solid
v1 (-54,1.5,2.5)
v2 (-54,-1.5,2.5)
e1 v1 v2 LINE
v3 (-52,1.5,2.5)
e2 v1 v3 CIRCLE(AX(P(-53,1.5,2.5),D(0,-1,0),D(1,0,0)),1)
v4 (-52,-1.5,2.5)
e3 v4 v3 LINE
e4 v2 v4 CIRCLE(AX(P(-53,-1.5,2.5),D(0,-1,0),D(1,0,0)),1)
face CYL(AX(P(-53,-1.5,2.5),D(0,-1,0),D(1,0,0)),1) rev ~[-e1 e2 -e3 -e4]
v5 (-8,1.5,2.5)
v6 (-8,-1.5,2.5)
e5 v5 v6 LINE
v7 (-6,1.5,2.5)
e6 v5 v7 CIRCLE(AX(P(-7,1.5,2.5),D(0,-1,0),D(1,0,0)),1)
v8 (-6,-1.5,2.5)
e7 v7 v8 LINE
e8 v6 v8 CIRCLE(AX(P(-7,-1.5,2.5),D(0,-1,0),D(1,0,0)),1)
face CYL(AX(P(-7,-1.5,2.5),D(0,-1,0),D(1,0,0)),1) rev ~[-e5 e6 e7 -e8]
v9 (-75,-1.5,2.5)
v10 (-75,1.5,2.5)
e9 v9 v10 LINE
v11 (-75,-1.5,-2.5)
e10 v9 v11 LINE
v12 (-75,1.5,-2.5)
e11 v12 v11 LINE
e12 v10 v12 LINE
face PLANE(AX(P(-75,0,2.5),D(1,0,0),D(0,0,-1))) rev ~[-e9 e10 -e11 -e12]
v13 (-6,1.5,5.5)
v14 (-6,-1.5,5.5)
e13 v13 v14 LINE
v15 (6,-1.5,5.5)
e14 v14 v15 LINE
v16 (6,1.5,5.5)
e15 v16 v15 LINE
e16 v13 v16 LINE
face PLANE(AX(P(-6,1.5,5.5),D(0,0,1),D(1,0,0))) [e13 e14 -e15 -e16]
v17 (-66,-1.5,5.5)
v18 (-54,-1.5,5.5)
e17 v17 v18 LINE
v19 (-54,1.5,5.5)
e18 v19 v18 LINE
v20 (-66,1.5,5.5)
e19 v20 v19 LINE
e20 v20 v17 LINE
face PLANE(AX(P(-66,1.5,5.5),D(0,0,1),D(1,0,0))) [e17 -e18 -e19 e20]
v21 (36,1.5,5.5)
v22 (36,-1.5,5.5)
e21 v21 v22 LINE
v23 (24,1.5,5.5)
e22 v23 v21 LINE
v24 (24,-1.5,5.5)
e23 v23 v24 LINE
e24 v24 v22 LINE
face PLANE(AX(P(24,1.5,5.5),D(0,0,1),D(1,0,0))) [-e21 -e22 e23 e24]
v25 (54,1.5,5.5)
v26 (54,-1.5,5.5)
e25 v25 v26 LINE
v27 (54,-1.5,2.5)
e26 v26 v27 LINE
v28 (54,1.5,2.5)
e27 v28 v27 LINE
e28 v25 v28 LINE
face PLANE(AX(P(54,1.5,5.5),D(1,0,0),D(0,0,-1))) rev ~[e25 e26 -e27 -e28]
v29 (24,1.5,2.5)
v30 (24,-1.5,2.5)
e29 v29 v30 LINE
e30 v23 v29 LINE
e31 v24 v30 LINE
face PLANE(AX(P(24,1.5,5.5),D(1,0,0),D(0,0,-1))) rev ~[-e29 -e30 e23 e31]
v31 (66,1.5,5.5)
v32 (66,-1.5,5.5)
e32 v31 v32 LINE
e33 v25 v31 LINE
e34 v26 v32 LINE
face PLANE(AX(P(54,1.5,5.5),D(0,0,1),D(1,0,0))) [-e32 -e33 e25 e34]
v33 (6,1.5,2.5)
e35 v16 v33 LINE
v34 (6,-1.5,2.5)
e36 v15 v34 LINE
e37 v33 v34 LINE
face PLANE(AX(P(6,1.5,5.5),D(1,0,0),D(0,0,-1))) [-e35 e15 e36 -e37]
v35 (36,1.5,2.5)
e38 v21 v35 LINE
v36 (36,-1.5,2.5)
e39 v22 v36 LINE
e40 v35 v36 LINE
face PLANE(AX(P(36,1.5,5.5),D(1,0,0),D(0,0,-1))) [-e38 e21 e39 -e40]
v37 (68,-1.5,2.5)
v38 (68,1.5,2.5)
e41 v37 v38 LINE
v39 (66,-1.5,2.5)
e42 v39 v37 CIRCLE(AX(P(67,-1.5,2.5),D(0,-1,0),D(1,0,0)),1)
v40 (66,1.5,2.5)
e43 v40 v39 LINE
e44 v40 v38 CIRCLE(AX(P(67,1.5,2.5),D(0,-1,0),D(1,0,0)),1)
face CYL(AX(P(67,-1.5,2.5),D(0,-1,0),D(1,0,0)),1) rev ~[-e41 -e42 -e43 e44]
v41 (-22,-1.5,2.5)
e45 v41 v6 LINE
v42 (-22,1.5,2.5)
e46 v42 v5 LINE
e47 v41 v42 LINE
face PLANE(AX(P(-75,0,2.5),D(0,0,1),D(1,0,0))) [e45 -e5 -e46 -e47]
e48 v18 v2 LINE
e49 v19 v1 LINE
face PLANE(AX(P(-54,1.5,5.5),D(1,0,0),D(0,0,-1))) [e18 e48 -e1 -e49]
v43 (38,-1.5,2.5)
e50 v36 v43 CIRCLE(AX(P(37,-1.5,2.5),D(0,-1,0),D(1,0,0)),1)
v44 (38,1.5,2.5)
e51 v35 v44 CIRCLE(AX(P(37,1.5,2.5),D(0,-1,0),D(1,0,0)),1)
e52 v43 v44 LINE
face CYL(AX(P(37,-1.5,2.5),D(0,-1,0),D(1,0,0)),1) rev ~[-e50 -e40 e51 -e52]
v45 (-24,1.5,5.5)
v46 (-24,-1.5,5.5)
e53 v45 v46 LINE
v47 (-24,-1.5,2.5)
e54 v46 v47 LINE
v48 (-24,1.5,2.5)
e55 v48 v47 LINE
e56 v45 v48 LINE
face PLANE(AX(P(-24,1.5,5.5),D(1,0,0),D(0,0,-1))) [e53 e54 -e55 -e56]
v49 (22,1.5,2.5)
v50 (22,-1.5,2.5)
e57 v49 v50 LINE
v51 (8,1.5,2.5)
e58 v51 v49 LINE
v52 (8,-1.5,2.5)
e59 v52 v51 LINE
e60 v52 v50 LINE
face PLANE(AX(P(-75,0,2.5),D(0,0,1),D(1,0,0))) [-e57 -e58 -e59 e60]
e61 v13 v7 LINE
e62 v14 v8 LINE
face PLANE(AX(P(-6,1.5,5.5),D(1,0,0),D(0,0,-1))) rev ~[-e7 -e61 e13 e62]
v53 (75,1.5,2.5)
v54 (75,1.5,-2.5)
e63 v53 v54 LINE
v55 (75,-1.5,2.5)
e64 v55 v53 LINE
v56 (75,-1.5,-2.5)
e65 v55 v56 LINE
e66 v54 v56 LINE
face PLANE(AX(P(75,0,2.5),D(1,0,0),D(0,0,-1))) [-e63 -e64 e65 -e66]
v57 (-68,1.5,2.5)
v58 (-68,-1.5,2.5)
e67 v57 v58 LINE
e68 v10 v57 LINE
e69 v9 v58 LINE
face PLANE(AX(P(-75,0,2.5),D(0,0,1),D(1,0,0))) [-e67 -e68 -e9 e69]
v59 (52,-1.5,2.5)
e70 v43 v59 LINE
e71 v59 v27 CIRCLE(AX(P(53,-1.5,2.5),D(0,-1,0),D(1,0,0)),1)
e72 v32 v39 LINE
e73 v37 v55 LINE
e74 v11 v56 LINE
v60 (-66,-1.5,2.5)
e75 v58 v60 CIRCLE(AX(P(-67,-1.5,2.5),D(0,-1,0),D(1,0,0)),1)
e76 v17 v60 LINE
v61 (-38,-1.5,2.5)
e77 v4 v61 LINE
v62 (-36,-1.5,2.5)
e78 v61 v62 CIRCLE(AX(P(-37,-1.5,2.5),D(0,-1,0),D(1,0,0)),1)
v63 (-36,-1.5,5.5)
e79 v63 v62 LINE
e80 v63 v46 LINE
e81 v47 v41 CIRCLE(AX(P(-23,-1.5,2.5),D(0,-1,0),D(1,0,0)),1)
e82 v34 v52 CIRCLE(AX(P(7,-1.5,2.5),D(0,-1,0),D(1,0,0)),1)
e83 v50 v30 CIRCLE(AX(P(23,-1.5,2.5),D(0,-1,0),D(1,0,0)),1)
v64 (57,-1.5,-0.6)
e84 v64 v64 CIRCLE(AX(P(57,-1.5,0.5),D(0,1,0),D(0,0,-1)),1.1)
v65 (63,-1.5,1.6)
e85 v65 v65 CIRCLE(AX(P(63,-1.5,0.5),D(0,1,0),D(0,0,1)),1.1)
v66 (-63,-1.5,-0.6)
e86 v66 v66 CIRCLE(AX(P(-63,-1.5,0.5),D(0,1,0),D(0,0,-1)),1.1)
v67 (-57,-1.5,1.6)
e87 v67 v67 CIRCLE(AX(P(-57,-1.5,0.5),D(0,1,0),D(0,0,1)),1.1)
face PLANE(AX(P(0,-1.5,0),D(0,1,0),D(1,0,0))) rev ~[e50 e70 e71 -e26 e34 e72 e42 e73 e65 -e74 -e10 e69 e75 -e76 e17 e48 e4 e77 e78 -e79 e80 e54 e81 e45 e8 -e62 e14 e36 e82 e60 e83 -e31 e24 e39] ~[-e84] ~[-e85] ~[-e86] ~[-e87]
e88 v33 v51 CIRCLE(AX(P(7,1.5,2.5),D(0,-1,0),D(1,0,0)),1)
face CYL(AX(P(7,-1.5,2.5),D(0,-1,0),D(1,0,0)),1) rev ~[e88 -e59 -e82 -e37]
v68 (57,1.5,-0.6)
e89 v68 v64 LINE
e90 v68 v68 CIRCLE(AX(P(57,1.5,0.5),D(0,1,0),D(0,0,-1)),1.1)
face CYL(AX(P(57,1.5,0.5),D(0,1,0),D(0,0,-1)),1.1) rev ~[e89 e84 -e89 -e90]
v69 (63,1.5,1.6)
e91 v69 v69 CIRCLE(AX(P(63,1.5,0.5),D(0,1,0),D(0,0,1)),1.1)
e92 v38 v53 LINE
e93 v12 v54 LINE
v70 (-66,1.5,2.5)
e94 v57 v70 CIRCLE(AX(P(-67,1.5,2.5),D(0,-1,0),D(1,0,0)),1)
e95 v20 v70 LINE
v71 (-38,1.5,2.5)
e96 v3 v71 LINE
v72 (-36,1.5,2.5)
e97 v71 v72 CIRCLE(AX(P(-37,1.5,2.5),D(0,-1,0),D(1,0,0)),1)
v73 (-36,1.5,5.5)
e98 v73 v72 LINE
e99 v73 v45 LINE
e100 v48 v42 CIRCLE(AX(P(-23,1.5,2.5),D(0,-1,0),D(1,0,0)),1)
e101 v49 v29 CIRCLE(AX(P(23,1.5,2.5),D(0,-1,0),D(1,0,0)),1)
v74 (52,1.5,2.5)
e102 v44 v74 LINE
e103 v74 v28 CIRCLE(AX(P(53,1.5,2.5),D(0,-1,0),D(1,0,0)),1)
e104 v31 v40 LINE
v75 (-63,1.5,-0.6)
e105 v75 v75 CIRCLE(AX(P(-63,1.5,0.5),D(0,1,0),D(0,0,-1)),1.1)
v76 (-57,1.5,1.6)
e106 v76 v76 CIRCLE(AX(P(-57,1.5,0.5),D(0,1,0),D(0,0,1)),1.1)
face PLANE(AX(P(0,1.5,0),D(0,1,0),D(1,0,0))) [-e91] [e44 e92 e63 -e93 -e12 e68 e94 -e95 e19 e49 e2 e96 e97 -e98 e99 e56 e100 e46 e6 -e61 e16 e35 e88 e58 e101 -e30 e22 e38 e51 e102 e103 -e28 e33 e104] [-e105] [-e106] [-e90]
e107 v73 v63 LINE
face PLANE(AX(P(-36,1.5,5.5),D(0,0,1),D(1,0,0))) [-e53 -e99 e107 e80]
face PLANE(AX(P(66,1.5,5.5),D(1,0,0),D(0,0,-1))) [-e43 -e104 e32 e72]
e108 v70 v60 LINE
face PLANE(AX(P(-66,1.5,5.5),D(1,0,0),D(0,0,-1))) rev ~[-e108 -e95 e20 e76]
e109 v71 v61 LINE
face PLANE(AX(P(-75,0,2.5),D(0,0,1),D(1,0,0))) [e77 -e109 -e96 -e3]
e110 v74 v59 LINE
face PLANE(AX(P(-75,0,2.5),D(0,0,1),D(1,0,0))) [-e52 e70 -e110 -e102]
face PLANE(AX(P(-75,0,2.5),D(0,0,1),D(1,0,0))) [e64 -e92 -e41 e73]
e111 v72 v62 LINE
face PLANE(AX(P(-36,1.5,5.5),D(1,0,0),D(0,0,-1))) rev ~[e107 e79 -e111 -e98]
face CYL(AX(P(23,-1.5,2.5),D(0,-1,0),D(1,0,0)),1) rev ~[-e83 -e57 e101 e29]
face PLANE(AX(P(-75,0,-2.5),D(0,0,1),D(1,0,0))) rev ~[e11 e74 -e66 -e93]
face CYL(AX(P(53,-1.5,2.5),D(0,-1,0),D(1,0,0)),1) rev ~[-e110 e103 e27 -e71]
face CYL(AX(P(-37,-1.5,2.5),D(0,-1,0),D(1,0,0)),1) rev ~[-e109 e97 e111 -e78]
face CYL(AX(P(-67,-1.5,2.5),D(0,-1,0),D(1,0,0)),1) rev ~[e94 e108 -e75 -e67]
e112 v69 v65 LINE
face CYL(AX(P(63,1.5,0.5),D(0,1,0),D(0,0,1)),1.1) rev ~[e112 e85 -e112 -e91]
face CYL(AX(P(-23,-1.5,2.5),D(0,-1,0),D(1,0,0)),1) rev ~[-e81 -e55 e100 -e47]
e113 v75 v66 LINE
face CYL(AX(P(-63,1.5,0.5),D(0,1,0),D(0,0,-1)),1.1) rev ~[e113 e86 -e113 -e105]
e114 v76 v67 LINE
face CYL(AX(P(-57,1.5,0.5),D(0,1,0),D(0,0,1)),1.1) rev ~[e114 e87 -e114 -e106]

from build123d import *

# Parameters (mm, degrees)
SKETCH_1_W          = 150
SKETCH_1_H          = 5
EXTRUDE_1_DEPTH     = 1.5
SKETCH_2_W          = 12
SKETCH_2_H          = 3
EXTRUDE_2_DEPTH     = 3
SKETCH_3_R          = 1
CUT_EXTRUDE_1_DEPTH = 76.261211789
SKETCH_4_R          = 1.1
CUT_EXTRUDE_2_DEPTH = 76.261211789


with BuildPart() as part:
    # 草图1 → 凸台-拉伸1 (new, symmetric)
    with BuildSketch(Plane(origin=(0, 0, 0), x_dir=(1, 0, 0), z_dir=(0, 1, 0))):
        Rectangle(SKETCH_1_W, SKETCH_1_H)
    extrude(amount=EXTRUDE_1_DEPTH, both=True)

    # 草图2 → 凸台-拉伸2 (add)
    with BuildSketch(Plane(origin=(0, 1.5, 0), x_dir=(1, 0, 0), z_dir=(0, 1, 0))):
        with Locations((-60, -4)):
            Rectangle(SKETCH_2_W, SKETCH_2_H)
        with Locations((-30, -4)):
            Rectangle(SKETCH_2_W, SKETCH_2_H)
        with Locations((0, -4)):
            Rectangle(SKETCH_2_W, SKETCH_2_H)
        with Locations((30, -4)):
            Rectangle(SKETCH_2_W, SKETCH_2_H)
        with Locations((60, -4)):
            Rectangle(SKETCH_2_W, SKETCH_2_H)
    extrude(amount=-EXTRUDE_2_DEPTH)

    # 草图3 → 切除-拉伸1 (cut, through all)
    with BuildSketch(Plane.XZ.offset(1.5)):
        with Locations((67, 2.5)):
            Circle(SKETCH_3_R)
        with Locations((53, 2.5)):
            Circle(SKETCH_3_R)
        with Locations((37, 2.5)):
            Circle(SKETCH_3_R)
        with Locations((23, 2.5)):
            Circle(SKETCH_3_R)
        with Locations((7, 2.5)):
            Circle(SKETCH_3_R)
        with Locations((-7, 2.5)):
            Circle(SKETCH_3_R)
        with Locations((-23, 2.5)):
            Circle(SKETCH_3_R)
        with Locations((-37, 2.5)):
            Circle(SKETCH_3_R)
        with Locations((-53, 2.5)):
            Circle(SKETCH_3_R)
        with Locations((-67, 2.5)):
            Circle(SKETCH_3_R)
    extrude(amount=-CUT_EXTRUDE_1_DEPTH, mode=Mode.SUBTRACT)

    # 草图4 → 切除-拉伸2 (cut, through all)
    with BuildSketch(Plane(origin=(0, 1.5, 0), x_dir=(1, 0, 0), z_dir=(0, 1, 0))):
        with Locations(Location((63, -0.5, 0), (0, 0, 270))):
            Circle(SKETCH_4_R)
        with Locations(Location((57, -0.5, 0), (0, 0, 90))):
            Circle(SKETCH_4_R)
        with Locations(Location((-57, -0.5, 0), (0, 0, 270))):
            Circle(SKETCH_4_R)
        with Locations(Location((-63, -0.5, 0), (0, 0, 90))):
            Circle(SKETCH_4_R)
    extrude(amount=-CUT_EXTRUDE_2_DEPTH, mode=Mode.SUBTRACT)


solid = part.part
